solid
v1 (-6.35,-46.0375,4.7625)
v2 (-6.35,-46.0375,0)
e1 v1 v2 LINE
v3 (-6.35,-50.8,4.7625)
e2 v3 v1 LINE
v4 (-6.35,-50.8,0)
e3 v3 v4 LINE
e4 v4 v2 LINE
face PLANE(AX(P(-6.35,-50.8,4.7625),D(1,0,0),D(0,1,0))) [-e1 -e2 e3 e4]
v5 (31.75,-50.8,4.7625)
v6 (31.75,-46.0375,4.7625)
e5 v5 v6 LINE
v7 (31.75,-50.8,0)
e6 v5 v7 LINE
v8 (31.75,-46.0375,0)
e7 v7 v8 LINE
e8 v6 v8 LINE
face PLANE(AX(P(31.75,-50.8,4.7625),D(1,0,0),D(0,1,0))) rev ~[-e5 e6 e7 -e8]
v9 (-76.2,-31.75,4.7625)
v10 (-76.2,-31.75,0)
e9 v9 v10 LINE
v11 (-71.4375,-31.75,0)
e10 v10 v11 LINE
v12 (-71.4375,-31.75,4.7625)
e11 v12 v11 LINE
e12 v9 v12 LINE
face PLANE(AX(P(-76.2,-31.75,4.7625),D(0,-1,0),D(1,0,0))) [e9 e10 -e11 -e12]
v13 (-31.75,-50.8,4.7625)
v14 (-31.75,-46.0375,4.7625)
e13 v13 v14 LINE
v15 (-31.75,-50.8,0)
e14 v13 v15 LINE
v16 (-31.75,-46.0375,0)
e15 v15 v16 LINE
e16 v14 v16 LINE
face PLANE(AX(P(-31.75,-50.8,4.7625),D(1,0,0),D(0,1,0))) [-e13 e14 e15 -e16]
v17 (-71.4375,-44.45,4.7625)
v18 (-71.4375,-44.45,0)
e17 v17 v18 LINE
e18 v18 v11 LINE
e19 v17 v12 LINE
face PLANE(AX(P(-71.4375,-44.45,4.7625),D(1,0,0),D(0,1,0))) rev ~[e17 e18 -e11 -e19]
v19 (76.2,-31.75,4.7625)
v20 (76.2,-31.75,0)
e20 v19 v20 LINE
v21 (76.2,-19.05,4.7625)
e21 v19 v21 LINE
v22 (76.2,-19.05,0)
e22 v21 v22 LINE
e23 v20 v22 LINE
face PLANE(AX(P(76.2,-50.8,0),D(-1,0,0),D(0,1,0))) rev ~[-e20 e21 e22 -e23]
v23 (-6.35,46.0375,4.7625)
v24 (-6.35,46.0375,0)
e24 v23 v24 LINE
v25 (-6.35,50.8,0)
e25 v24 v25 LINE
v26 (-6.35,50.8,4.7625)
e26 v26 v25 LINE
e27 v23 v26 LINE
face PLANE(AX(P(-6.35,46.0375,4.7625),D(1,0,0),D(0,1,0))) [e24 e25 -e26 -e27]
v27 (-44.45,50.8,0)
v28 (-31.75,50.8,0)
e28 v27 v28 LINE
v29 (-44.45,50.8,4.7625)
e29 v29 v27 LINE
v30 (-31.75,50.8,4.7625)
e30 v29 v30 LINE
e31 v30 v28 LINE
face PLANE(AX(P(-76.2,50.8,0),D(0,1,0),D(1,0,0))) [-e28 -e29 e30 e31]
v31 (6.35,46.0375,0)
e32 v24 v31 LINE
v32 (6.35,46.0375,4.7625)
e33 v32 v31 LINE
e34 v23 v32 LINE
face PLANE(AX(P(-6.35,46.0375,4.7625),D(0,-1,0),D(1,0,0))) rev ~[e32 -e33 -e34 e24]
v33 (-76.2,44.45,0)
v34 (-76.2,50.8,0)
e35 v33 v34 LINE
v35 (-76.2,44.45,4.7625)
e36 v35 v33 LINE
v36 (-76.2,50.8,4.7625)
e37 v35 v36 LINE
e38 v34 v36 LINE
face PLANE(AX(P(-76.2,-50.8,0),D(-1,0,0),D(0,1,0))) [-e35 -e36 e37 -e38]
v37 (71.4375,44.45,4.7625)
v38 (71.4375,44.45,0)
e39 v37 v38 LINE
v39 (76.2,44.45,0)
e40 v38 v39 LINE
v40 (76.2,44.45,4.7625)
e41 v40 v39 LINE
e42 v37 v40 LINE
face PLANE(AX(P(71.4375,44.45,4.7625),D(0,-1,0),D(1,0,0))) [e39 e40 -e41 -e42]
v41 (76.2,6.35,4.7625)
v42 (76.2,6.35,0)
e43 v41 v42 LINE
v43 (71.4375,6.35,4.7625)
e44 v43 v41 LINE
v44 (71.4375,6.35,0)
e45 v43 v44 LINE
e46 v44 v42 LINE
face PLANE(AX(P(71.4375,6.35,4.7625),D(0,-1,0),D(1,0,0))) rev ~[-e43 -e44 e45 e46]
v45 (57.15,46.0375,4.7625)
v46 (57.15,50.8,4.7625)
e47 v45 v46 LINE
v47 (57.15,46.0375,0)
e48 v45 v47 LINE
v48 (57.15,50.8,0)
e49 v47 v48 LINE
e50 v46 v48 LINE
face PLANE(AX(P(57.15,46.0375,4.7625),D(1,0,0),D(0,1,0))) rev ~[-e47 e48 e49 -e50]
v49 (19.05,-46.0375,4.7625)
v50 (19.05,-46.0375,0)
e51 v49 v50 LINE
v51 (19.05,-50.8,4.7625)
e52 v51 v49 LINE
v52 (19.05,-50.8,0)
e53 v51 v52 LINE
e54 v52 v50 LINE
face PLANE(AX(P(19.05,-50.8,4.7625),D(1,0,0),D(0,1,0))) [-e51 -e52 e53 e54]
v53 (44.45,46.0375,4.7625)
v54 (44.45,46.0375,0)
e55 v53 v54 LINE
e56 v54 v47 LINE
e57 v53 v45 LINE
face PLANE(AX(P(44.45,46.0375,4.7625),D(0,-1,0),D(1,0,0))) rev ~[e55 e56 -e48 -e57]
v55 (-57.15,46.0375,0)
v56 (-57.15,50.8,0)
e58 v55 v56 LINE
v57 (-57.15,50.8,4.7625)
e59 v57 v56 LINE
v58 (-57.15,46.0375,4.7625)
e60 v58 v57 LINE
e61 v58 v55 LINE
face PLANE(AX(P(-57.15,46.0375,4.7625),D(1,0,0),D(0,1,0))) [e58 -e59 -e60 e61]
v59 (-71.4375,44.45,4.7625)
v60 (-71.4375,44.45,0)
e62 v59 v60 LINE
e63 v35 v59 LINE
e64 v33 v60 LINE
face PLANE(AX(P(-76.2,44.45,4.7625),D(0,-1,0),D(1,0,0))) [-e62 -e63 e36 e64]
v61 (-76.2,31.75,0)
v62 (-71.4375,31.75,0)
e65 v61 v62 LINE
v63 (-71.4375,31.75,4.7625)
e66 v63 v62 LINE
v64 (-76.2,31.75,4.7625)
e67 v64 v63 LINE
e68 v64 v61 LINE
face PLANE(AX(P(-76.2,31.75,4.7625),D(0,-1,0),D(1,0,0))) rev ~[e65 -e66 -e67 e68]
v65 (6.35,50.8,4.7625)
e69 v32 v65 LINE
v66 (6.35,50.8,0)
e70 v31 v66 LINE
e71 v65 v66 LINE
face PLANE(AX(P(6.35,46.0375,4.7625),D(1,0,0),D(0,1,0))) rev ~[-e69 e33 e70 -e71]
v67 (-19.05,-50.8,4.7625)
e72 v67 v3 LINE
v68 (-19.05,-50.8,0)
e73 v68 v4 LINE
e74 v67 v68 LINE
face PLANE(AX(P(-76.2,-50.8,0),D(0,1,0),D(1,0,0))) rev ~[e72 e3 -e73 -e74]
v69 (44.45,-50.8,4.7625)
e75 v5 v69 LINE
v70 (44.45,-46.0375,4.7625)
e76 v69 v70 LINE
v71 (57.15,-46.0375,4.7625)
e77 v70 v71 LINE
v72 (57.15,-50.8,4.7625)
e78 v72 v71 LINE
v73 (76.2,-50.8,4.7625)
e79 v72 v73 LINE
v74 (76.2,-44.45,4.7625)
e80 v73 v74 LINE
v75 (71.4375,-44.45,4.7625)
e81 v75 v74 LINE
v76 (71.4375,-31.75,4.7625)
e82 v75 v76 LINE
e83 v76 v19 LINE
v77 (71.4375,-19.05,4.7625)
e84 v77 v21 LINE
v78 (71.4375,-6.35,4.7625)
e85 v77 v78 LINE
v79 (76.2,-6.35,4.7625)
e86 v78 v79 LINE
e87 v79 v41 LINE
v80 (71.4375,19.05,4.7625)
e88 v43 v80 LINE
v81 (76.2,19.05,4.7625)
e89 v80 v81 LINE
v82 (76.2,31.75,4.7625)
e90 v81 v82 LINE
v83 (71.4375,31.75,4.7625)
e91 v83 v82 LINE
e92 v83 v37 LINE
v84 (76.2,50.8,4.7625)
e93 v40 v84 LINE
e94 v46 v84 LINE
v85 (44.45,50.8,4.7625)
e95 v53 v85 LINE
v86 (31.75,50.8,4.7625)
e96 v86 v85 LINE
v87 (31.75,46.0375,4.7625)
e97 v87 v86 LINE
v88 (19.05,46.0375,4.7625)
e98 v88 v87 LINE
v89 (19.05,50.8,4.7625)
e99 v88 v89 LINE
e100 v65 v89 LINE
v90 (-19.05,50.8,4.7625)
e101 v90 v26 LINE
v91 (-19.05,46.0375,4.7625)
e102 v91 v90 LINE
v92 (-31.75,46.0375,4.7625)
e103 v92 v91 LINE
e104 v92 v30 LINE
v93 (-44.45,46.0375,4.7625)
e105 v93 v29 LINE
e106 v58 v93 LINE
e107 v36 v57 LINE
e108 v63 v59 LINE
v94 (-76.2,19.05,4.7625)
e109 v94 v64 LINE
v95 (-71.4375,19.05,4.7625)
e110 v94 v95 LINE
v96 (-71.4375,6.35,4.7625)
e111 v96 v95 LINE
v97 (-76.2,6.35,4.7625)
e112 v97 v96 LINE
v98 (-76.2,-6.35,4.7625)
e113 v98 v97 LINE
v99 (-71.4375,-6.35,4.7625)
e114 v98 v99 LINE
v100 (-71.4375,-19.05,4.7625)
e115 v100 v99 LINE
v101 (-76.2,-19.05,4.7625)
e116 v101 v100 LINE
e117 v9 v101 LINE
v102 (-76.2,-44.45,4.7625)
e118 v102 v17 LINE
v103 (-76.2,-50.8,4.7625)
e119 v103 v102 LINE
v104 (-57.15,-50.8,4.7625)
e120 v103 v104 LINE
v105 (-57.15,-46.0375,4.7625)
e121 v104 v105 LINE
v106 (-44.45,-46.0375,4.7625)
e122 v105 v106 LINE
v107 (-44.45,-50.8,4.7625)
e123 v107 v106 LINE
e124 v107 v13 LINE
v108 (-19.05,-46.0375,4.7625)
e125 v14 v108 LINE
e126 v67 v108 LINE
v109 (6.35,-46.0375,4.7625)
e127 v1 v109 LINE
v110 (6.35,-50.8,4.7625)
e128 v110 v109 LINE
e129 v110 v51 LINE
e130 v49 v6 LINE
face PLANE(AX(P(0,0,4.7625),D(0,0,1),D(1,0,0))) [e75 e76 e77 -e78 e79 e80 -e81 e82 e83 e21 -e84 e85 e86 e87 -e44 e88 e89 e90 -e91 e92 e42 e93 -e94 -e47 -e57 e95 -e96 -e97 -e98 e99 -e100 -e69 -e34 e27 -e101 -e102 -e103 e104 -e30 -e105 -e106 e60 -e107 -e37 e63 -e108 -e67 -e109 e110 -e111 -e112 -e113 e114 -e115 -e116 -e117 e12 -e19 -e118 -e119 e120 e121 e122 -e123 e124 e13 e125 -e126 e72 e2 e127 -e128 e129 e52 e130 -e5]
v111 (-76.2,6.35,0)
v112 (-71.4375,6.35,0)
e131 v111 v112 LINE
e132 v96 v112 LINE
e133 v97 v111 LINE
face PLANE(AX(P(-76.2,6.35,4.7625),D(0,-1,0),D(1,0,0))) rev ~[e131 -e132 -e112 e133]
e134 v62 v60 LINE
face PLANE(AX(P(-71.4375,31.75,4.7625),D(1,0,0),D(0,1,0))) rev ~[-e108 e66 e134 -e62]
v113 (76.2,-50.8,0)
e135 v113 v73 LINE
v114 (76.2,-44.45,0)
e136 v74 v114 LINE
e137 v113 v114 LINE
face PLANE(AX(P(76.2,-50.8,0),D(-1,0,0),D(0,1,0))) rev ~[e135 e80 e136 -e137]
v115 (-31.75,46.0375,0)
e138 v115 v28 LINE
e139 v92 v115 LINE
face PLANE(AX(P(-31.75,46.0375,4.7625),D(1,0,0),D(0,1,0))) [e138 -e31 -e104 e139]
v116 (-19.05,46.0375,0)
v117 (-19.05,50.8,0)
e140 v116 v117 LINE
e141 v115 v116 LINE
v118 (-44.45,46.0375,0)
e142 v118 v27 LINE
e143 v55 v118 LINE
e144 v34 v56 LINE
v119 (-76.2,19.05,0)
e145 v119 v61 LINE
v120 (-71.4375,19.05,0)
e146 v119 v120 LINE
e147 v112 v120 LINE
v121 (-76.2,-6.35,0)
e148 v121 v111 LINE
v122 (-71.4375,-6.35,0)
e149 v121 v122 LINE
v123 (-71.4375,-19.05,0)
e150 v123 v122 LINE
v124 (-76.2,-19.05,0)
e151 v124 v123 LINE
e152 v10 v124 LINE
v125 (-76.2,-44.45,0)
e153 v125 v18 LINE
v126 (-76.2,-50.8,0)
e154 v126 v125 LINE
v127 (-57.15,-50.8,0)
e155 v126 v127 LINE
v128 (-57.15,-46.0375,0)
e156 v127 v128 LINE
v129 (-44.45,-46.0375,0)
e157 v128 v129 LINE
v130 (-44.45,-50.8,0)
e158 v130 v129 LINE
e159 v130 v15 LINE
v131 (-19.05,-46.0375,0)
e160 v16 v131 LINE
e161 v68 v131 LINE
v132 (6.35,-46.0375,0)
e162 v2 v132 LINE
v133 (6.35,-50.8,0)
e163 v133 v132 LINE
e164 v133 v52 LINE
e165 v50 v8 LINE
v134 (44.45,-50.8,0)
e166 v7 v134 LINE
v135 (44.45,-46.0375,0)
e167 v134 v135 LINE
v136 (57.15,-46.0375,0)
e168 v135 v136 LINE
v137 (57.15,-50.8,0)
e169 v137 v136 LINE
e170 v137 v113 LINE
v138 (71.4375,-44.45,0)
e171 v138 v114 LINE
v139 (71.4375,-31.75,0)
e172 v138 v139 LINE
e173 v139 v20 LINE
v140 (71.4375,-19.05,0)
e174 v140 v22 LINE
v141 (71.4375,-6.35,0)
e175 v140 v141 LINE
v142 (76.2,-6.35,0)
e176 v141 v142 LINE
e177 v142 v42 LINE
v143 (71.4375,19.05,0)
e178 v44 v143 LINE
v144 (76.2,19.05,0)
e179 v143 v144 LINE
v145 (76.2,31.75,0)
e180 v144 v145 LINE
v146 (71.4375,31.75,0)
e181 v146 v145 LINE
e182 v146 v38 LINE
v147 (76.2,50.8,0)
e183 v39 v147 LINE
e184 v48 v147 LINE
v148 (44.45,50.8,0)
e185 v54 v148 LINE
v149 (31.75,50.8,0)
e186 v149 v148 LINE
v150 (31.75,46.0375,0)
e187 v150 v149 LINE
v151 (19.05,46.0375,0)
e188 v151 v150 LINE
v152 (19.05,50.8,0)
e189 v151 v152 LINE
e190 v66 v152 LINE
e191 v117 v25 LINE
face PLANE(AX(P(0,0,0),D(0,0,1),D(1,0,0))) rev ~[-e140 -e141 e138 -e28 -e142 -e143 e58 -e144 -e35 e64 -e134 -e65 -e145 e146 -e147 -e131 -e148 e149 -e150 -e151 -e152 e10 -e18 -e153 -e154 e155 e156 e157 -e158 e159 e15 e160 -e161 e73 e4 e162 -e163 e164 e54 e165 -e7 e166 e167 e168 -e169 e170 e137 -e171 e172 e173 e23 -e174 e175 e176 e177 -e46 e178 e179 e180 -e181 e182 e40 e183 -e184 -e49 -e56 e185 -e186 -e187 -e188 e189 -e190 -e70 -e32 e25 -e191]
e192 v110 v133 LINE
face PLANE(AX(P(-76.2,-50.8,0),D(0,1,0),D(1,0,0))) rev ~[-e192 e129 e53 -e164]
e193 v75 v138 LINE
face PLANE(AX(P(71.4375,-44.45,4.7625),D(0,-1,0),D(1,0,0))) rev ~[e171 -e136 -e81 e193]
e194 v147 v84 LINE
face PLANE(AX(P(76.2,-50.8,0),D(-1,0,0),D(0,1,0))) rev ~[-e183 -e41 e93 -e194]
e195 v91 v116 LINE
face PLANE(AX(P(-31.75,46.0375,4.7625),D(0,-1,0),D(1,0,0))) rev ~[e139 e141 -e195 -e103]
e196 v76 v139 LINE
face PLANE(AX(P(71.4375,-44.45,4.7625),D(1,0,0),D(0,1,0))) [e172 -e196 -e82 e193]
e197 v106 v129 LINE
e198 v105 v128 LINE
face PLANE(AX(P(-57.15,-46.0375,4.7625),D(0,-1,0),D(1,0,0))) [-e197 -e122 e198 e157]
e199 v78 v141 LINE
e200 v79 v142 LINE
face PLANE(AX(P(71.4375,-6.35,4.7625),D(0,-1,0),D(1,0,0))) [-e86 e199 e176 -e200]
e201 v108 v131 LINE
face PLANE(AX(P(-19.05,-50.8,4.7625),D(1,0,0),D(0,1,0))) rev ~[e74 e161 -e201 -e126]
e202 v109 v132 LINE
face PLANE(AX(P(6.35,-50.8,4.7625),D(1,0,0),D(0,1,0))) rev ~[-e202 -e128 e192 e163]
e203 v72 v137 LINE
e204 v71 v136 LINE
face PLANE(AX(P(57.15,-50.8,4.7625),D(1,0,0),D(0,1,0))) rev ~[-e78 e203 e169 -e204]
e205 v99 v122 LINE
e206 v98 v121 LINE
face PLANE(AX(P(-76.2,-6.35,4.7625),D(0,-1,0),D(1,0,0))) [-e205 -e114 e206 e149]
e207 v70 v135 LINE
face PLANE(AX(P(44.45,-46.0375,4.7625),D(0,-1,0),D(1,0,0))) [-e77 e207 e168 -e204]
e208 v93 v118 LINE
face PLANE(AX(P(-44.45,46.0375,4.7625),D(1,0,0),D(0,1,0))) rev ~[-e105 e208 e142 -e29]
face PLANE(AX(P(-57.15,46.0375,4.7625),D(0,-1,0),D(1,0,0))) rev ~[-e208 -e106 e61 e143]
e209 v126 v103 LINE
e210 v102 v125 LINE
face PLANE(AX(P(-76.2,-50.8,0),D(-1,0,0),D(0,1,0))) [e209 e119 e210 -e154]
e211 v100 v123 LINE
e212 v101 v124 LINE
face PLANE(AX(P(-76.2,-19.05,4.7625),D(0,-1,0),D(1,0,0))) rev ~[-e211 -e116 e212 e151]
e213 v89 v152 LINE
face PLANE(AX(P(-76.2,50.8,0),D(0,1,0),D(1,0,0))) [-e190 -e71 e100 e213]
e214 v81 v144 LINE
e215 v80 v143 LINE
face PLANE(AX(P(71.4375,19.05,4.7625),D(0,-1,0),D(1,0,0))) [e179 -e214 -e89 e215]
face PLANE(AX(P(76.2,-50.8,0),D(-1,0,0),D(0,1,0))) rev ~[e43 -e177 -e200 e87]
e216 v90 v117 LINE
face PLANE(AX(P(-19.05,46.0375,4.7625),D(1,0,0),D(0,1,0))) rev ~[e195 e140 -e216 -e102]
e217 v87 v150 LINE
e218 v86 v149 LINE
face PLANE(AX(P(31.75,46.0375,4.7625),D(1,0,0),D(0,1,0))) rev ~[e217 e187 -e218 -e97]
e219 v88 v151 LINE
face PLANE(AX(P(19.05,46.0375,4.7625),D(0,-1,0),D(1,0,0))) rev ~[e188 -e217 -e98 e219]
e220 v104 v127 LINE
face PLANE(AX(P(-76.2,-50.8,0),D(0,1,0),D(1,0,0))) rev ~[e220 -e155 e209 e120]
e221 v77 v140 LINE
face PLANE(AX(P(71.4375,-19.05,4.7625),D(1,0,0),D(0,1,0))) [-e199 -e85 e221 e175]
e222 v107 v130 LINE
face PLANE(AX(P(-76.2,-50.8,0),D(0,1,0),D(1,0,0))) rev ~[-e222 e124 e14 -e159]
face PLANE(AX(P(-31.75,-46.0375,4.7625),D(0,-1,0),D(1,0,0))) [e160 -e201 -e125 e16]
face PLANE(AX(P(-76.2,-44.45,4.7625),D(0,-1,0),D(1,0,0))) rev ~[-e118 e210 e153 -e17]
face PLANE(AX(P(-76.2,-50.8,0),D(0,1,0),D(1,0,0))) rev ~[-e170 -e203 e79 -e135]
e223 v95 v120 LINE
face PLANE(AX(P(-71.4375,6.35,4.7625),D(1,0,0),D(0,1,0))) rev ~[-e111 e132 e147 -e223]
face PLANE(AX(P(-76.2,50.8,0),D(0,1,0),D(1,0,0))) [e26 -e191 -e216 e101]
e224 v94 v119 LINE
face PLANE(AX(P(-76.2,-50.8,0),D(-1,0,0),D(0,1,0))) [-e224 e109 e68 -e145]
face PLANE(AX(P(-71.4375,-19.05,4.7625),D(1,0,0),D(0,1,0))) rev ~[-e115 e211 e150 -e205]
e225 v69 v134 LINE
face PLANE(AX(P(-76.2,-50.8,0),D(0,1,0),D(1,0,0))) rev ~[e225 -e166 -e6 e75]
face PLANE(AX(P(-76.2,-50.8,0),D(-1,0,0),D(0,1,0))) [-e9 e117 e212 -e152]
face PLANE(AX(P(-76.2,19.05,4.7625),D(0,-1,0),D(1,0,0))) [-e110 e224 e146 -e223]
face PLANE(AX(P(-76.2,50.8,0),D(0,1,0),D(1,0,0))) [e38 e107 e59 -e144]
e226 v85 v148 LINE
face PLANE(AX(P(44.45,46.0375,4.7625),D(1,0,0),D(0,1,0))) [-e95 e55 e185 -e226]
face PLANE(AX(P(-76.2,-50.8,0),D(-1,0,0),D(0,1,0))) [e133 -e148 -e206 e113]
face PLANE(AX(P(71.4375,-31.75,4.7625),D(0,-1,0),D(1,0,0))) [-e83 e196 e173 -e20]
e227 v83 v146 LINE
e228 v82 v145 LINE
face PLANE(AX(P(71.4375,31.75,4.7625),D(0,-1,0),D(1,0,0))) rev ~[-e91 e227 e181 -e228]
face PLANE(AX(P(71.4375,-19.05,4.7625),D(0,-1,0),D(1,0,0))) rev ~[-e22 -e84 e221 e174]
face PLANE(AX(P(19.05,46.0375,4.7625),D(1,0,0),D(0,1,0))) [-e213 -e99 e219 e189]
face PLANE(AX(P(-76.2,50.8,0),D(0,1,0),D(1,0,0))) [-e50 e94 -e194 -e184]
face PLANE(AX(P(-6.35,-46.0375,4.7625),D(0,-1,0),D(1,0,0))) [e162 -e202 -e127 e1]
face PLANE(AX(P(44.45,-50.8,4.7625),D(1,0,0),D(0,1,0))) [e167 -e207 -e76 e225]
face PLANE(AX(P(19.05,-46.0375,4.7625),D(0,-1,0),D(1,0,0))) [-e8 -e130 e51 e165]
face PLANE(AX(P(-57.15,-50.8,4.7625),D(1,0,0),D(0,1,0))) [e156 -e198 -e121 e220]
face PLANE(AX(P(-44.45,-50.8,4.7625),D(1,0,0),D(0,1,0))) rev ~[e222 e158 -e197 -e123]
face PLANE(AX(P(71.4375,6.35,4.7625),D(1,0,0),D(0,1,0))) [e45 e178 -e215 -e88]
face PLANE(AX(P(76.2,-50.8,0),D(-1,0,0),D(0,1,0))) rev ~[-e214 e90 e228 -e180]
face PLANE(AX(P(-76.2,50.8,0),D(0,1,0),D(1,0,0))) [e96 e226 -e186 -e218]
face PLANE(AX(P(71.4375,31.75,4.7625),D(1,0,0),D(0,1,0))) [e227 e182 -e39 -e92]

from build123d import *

# Parameters (mm, degrees)
F0_W     = 152.4
F0_H     = 101.6
F1_DEPTH = 4.7625
F2_W     = 12.7
F2_H     = 4.7625
F2_W_2   = 4.7625
F2_H_2   = 12.7
F3_DEPTH = 25.4


with BuildPart() as f1:
    # F0 (on Top) → F1 (new body)
    with BuildSketch(Plane.XY):
        Rectangle(F0_W, F0_H)
    extrude(amount=F1_DEPTH)

    # F2 (on face) → F3 (cut)
    with BuildSketch(Plane.XY.offset(4.7625)):
        with Locations((-50.8, 48.41875)):
            Rectangle(F2_W, F2_H)
        with Locations((-25.4, 48.41875)):
            Rectangle(F2_W, F2_H)
        with Locations((0, 48.41875)):
            Rectangle(F2_W, F2_H)
        with Locations((-73.81875, -38.1)):
            Rectangle(F2_W_2, F2_H_2)
        with Locations((-73.81875, -12.7)):
            Rectangle(F2_W_2, F2_H_2)
        with Locations((-73.81875, 12.7)):
            Rectangle(F2_W_2, F2_H_2)
        with Locations((-50.8, -48.41875)):
            Rectangle(F2_W, F2_H)
        with Locations((-25.4, -48.41875)):
            Rectangle(F2_W, F2_H)
        with Locations((0, -48.41875)):
            Rectangle(F2_W, F2_H)
        with Locations((73.81875, 12.7)):
            Rectangle(F2_W_2, F2_H_2)
        with Locations((73.81875, -12.7)):
            Rectangle(F2_W_2, F2_H_2)
        with Locations((73.81875, -38.1)):
            Rectangle(F2_W_2, F2_H_2)
        with Locations((-73.81875, 38.1)):
            Rectangle(F2_W_2, F2_H_2)
        with Locations((25.4, 48.41875)):
            Rectangle(F2_W, F2_H)
        with Locations((50.8, 48.41875)):
            Rectangle(F2_W, F2_H)
        with Locations((25.4, -48.41875)):
            Rectangle(F2_W, F2_H)
        with Locations((50.8, -48.41875)):
            Rectangle(F2_W, F2_H)
        with Locations((73.81875, 38.1)):
            Rectangle(F2_W_2, F2_H_2)
    extrude(amount=-F3_DEPTH, mode=Mode.SUBTRACT)


solid = f1.part
